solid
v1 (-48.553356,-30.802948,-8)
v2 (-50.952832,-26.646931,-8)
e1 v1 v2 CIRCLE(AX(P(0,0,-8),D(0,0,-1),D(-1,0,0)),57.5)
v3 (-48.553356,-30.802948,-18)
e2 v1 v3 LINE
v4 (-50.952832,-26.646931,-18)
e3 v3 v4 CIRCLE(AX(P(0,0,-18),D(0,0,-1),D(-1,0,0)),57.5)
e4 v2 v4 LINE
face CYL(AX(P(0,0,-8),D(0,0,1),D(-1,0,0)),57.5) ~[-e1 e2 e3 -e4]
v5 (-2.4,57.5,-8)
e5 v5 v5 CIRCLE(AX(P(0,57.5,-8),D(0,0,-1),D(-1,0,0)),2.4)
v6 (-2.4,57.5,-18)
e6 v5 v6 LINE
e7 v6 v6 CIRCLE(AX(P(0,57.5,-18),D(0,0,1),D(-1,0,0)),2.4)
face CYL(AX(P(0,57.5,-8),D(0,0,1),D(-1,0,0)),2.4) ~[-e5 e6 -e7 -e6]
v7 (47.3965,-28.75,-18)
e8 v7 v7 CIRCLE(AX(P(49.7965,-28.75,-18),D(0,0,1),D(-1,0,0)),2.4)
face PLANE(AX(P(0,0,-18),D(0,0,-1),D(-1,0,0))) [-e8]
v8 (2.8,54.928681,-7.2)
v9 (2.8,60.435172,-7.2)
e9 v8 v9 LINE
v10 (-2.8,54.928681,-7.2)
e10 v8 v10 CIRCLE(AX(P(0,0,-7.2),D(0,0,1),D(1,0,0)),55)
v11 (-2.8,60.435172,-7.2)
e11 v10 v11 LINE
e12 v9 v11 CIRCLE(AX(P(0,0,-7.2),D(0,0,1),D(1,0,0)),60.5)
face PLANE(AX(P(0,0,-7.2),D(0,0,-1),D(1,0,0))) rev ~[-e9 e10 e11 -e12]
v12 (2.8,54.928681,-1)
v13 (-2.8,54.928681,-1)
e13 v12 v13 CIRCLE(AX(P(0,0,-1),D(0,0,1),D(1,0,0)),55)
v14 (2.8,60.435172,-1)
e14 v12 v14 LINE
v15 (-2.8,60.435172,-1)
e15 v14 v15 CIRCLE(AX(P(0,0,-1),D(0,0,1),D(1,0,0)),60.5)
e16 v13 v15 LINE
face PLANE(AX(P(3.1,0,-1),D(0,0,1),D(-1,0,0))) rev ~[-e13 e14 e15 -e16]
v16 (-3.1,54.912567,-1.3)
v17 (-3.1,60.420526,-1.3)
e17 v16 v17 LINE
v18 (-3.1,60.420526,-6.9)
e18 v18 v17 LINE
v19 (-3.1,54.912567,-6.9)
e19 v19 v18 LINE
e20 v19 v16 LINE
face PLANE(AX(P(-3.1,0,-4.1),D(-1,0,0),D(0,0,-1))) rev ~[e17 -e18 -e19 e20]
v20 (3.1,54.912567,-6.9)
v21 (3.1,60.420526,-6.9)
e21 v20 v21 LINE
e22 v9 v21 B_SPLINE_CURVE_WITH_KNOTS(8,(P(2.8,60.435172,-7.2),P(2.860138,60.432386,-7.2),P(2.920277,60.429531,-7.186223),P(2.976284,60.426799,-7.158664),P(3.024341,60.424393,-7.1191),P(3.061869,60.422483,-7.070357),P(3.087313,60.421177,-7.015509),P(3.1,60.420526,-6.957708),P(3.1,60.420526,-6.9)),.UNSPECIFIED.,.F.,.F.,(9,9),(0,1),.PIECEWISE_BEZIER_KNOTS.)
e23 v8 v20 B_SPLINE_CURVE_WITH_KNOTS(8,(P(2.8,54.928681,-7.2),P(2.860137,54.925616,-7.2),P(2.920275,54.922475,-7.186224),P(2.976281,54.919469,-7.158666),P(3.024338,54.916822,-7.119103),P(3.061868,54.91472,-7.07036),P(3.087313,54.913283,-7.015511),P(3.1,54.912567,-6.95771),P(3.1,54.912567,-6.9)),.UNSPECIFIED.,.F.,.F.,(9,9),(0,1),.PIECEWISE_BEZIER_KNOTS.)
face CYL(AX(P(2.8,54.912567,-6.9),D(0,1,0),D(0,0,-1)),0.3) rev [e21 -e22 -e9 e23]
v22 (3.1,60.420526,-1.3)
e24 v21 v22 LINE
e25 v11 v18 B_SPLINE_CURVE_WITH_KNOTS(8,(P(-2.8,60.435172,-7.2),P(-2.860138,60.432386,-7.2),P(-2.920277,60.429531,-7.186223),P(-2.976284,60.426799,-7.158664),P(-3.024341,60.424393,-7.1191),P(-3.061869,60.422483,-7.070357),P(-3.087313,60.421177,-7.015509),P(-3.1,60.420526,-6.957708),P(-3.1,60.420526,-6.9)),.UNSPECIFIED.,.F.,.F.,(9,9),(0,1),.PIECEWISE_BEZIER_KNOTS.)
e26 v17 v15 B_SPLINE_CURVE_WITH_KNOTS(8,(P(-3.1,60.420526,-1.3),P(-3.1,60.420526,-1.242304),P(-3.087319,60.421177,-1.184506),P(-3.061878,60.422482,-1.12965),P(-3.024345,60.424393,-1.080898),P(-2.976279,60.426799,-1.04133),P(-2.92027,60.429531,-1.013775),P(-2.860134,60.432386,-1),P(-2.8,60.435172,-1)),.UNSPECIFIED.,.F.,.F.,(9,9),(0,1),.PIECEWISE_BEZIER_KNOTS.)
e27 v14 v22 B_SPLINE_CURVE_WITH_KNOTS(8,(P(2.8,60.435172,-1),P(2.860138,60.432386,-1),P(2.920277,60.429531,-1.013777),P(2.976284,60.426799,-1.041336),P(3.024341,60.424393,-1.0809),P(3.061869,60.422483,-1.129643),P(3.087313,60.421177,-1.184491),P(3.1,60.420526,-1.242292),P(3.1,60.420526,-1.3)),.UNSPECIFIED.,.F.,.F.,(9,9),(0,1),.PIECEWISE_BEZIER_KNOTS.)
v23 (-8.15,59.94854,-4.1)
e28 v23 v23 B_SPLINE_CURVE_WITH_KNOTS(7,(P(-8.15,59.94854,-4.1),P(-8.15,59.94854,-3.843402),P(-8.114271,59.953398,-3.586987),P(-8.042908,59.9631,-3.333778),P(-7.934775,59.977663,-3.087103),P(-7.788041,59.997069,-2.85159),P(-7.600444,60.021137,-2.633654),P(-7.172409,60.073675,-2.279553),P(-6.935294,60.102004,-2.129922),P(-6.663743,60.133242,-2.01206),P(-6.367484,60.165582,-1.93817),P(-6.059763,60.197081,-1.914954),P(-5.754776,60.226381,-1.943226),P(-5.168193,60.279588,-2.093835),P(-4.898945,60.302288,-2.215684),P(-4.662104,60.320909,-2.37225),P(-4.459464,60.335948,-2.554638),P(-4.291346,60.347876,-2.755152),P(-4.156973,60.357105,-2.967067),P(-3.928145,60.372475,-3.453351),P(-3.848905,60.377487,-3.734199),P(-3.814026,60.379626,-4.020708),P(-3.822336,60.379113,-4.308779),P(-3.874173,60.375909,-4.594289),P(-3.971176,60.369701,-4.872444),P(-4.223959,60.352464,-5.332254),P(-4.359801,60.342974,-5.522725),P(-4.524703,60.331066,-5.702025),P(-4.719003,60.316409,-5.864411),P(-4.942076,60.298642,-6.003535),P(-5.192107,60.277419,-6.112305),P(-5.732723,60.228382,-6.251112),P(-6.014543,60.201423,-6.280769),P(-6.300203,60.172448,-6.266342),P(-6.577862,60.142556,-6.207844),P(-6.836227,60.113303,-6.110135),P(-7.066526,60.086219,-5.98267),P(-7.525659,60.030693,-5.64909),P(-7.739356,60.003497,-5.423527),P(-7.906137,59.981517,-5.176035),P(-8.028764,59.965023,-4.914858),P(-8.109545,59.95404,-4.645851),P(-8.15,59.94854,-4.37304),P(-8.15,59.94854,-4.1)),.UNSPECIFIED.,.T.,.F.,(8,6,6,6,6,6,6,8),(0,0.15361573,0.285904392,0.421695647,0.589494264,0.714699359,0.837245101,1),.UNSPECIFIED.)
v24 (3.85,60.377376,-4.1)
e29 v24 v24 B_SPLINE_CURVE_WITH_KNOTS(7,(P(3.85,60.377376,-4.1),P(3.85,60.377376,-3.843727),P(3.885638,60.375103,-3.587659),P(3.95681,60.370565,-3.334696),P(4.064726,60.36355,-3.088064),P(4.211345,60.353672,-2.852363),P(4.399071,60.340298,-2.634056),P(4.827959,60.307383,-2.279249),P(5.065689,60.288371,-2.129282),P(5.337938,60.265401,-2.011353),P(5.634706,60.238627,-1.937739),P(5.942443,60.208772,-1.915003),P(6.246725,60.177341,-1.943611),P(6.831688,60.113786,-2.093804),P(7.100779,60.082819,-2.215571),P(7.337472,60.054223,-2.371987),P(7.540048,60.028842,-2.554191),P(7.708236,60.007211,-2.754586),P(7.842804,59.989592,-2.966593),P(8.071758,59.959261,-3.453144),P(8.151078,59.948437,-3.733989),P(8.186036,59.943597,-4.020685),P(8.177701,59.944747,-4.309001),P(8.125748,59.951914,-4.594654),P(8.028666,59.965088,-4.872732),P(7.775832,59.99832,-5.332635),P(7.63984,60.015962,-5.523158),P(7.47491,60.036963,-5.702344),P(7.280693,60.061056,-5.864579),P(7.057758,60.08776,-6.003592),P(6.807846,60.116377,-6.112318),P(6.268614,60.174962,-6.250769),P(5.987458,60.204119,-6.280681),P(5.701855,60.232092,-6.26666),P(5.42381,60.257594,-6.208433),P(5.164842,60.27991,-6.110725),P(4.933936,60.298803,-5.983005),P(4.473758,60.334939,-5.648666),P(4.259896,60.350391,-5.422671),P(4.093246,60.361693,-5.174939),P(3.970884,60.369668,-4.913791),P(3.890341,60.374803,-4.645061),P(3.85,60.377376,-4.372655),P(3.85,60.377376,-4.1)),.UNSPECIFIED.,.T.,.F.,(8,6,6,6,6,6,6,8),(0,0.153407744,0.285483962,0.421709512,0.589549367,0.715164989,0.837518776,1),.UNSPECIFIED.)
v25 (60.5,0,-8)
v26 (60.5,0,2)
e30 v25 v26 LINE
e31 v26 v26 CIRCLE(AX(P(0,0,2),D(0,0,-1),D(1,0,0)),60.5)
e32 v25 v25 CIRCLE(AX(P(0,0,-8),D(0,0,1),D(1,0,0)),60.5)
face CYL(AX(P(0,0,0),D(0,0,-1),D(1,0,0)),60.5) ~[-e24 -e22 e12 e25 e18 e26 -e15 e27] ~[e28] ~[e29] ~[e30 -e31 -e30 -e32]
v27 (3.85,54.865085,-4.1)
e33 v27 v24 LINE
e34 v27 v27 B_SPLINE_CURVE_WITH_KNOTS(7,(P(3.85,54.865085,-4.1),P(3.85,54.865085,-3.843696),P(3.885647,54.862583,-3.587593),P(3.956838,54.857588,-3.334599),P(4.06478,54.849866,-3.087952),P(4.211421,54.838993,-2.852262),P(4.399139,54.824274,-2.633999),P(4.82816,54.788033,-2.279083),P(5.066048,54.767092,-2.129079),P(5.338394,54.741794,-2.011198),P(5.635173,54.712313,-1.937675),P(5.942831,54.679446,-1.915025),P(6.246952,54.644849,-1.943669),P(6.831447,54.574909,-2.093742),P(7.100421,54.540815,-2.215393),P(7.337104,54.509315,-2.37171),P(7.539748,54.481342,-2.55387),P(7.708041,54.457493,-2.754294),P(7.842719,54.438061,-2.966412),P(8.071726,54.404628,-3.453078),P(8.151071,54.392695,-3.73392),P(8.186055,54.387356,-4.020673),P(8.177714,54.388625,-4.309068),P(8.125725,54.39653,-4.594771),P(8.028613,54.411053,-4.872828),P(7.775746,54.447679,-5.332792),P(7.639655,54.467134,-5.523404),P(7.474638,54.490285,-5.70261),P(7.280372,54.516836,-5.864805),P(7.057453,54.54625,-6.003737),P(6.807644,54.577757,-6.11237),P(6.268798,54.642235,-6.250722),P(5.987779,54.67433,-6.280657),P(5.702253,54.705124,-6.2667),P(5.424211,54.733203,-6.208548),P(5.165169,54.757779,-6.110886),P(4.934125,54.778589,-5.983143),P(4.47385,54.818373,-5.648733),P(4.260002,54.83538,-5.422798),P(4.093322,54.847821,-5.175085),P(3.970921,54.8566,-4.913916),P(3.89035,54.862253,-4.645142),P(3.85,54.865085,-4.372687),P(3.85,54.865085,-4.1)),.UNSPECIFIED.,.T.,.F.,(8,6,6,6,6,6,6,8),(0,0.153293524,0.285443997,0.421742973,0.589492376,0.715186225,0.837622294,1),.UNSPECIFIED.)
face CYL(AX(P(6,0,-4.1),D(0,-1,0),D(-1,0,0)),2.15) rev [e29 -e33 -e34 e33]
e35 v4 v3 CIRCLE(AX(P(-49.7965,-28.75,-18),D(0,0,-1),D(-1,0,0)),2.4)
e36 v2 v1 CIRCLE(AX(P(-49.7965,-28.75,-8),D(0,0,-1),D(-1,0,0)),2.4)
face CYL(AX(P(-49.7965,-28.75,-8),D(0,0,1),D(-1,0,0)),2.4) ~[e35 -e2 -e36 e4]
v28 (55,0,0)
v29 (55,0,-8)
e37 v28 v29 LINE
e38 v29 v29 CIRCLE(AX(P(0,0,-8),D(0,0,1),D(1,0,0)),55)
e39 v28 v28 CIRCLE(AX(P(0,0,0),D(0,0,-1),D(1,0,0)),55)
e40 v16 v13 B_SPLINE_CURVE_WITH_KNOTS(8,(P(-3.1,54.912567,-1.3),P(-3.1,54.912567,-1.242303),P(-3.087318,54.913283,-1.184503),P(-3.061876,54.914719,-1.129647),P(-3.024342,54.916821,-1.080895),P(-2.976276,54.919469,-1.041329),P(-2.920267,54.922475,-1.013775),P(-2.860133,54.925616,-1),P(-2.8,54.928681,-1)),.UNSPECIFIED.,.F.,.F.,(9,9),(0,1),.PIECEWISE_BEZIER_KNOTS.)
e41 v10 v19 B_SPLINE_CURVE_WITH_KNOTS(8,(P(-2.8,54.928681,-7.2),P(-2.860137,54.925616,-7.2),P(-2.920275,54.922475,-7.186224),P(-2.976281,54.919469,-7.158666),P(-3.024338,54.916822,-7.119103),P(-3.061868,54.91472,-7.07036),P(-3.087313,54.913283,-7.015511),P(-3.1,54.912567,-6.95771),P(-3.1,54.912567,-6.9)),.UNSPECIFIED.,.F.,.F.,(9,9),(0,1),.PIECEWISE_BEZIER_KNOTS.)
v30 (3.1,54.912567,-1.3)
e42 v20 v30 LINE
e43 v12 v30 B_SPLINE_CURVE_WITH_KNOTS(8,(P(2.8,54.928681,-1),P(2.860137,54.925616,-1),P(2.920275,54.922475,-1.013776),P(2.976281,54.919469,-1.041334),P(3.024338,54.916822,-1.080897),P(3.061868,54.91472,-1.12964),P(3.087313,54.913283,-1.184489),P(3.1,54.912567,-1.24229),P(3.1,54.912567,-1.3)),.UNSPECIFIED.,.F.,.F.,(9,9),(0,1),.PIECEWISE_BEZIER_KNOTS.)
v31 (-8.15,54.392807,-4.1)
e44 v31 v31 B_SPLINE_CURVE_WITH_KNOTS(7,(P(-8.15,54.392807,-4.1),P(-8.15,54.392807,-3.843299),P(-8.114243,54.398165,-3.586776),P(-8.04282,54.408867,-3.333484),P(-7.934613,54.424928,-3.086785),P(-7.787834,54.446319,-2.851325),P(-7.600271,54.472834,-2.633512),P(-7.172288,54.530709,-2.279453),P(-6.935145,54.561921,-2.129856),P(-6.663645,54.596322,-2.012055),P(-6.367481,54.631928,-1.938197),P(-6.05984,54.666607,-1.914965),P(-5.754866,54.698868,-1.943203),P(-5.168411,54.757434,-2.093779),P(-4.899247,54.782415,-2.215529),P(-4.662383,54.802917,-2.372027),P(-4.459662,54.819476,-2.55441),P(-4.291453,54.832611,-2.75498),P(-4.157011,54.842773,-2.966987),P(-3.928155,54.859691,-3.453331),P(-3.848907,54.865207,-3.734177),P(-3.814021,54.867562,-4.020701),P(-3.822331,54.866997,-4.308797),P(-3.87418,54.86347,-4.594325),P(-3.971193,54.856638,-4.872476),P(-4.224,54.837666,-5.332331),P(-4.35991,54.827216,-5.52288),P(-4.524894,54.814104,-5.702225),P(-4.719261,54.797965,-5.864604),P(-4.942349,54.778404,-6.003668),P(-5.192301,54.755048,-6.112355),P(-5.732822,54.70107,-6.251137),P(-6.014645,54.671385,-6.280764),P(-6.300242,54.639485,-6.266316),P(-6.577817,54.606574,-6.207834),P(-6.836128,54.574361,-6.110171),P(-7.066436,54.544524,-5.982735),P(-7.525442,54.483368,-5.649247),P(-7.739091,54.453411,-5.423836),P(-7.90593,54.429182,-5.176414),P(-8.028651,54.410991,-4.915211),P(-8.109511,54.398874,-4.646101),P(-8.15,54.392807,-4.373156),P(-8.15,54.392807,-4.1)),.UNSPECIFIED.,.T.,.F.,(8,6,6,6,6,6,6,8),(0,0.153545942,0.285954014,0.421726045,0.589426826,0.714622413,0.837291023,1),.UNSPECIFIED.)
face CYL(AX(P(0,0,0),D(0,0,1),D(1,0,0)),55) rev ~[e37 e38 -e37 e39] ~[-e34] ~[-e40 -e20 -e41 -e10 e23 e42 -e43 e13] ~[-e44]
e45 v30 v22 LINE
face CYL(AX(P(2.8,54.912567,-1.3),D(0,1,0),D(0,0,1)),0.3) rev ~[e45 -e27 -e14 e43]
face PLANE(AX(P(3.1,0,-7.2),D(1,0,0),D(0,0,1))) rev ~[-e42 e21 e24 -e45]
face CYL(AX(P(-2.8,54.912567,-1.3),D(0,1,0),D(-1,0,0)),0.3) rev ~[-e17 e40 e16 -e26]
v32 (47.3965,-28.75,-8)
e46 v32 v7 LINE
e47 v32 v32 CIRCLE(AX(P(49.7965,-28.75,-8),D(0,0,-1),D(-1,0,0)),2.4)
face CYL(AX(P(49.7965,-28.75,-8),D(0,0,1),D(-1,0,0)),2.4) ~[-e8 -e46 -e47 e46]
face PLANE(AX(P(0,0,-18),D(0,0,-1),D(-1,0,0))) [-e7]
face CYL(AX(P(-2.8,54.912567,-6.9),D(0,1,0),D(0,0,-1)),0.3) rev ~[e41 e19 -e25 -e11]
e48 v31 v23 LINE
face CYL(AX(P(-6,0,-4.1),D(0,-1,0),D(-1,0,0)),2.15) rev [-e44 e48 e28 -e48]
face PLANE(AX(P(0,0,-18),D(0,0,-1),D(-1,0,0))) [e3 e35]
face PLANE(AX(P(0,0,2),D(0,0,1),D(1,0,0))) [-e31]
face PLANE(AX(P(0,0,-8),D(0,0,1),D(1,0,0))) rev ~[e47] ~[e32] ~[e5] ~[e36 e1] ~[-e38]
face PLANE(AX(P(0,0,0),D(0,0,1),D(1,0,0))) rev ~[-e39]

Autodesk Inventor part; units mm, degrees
ref_plane "YZ Plane" through (0, 0, 0) normal (1, 0, 0) x (0, 1, 0)
ref_plane "XZ Plane" through (0, 0, 0) normal (0, 1, 0) x (-1, 0, 0)
ref_plane "XY Plane" through (0, 0, 0) normal (0, 0, 1) x (1, 0, 0)
sketch "Sketch1" plane through (0, 0, 0) normal (0, 0, 1) x (1, 0, 0)
  circle A0 centre (0, 0) radius 60.5
  circle A1 centre (0, 0) radius 55
  line L0 (0, 55) -> (-10, 55)
  line L1 (0, 55) -> (10, 55)
  line L2 (0, 55) -> (10, 55) construction
  line L3 (10, 59.6678) -> (10, 53.8845)
  line L4 (-10, 59.6678) -> (-10, 54.0833)
  point P0 (10, 54.0833)
  dimension "d0" = 121
  dimension "d1" = 110
  dimension "d45" = 10
  dimension "d46" = 10
  dimension "d47" = 0
extrude "Extrusion1" add sketch "Sketch1" along normal blind 2
extrude "Extrusion2" add sketch "Sketch1" against normal blind 8 contours A0 L4 A1 L3 | L3 L1 L0 L4 A0 | L3 A1 L1 | L0 A1 L4
sketch "Sketch11" plane through (0, 0, 0) normal (1, 0, 0) x (0, 1, 0)
  line L0 (60.5, 2) -> (-60.5, 2) projected
  line L1 (-60.5, -8) -> (60.5, -8) projected
  line L2 (59.6678, 0) -> (54.0833, 0) projected
  line L3 (59.6678, 0) -> (59.6678, -6) projected
  line L4 (54.0833, -6) -> (59.6678, -6) projected
  line L5 (54.0833, 0) -> (54.0833, -6) projected
  line L6 (-60.5, -8) -> (60.5, -8) projected
  line L7 (55, -8) -> (-55, -8) projected
  line L8 (-60.5, -8) -> (60.5, -8) projected
  line L9 (60.5, 0) -> (-60.5, 0) projected
  line L10 (-55, -8) -> (-61, -8)
  line L11 (-61, -8) -> (-61, 0)
  line L12 (-61, 0) -> (-55, 0)
  line L13 (-55, 0) -> (-55, -8)
  line L14 (-61, -8) -> (-55, 0)
  circle A0 centre (-58, -4) radius 2.1
  line L15 (-61, -8) -> (-67, -8)
  line L16 (-67, -8) -> (-67, -2)
  line L17 (-67, -2) -> (-61, -2)
  line L18 (-61, -2) -> (-61, -8)
  line L19 (-61, -8) -> (-67, -2)
  circle A1 centre (-64, -5) radius 2.15
  point P0 (0, 0)
  point P1 (42.0833, 0)
  point P2 (42.0833, -6)
  point P3 (48.0833, -6)
  dimension "d48" = 6
  dimension "d49" = 4.2
  dimension "d50" = 6
  dimension "d51" = 6
  dimension "d52" = 4.3
sketch "Sketch12" plane through (0, 0, 2) normal (0, 0, 1) x (1, 0, 0)
  point P0 (0, 0)
sketch "Sketch13" plane through (0, 0, 0) normal (0, 1, 0) x (-1, 0, 0)
  line L0 (0, -6) -> (0, 2)
  line L1 (0, 0) -> (0, -1)
  line L2 (0, -1) -> (3.1, -1)
  line L3 (3.1, -1) -> (3.1, -7.2)
  line L4 (3.1, -7.2) -> (0, -7.2)
  line L5 (0, -7.2) -> (0, -1)
  line L6 (3.1, -7.2) -> (-3.1, -7.2)
  line L7 (-3.1, -7.2) -> (-3.1, -1)
  line L8 (-3.1, -1) -> (3.1, -1)
  line L9 (3.1, -1) -> (3.1, -7.2)
  line L10 (0, -4.1) -> (6, -4.1)
  line L11 (6, -4.1) -> (-6, -4.1)
  circle A0 centre (-6, -4.1) radius 2.15
  circle A1 centre (6, -4.1) radius 2.15
  point P0 (0, -7.2)
  dimension "d58" = 1
  dimension "d59" = 3.1
  dimension "d60" = 6.2
  dimension "d61" = 6.2
  dimension "d62" = 6.2
  dimension "d66" = 6
  dimension "d67" = 12
  dimension "d68" = 4.3
  dimension "d69" = 4.3
extrude "Extrusion12" cut sketch "Sketch13" along normal through all
fillet "Fillet3" radius 0.3 4 edges at (-3.1, 57.6665, -1) (3.1, 57.6665, -1) (3.1, 57.6665, -7.2) (-3.1, 57.6665, -7.2)
sketch "Sketch14" plane through (0, 0, -8) normal (0, 0, -1) x (-1, 0, 0)
  circle A0 centre (0, 0) radius 57.5
  circle A1 centre (0, 57.5) radius 2.4
  circle A2 centre (-49.7965, -28.75) radius 2.4
  circle A3 centre (49.7965, -28.75) radius 2.4
  point P0 (50.9528, -26.6469)
  point P1 (48.5533, -30.803)
  dimension "d70" = 115
  dimension "d71" = 4.8
  dimension "d74" = 360
extrude "Extrusion13" add sketch "Sketch14" along normal blind 10 contours A1 A0 | A0 A1 | A0 A3 | A2 A0 | A0 A2 picked at (49.0578, -28.4334)
properties part number "Cover"
